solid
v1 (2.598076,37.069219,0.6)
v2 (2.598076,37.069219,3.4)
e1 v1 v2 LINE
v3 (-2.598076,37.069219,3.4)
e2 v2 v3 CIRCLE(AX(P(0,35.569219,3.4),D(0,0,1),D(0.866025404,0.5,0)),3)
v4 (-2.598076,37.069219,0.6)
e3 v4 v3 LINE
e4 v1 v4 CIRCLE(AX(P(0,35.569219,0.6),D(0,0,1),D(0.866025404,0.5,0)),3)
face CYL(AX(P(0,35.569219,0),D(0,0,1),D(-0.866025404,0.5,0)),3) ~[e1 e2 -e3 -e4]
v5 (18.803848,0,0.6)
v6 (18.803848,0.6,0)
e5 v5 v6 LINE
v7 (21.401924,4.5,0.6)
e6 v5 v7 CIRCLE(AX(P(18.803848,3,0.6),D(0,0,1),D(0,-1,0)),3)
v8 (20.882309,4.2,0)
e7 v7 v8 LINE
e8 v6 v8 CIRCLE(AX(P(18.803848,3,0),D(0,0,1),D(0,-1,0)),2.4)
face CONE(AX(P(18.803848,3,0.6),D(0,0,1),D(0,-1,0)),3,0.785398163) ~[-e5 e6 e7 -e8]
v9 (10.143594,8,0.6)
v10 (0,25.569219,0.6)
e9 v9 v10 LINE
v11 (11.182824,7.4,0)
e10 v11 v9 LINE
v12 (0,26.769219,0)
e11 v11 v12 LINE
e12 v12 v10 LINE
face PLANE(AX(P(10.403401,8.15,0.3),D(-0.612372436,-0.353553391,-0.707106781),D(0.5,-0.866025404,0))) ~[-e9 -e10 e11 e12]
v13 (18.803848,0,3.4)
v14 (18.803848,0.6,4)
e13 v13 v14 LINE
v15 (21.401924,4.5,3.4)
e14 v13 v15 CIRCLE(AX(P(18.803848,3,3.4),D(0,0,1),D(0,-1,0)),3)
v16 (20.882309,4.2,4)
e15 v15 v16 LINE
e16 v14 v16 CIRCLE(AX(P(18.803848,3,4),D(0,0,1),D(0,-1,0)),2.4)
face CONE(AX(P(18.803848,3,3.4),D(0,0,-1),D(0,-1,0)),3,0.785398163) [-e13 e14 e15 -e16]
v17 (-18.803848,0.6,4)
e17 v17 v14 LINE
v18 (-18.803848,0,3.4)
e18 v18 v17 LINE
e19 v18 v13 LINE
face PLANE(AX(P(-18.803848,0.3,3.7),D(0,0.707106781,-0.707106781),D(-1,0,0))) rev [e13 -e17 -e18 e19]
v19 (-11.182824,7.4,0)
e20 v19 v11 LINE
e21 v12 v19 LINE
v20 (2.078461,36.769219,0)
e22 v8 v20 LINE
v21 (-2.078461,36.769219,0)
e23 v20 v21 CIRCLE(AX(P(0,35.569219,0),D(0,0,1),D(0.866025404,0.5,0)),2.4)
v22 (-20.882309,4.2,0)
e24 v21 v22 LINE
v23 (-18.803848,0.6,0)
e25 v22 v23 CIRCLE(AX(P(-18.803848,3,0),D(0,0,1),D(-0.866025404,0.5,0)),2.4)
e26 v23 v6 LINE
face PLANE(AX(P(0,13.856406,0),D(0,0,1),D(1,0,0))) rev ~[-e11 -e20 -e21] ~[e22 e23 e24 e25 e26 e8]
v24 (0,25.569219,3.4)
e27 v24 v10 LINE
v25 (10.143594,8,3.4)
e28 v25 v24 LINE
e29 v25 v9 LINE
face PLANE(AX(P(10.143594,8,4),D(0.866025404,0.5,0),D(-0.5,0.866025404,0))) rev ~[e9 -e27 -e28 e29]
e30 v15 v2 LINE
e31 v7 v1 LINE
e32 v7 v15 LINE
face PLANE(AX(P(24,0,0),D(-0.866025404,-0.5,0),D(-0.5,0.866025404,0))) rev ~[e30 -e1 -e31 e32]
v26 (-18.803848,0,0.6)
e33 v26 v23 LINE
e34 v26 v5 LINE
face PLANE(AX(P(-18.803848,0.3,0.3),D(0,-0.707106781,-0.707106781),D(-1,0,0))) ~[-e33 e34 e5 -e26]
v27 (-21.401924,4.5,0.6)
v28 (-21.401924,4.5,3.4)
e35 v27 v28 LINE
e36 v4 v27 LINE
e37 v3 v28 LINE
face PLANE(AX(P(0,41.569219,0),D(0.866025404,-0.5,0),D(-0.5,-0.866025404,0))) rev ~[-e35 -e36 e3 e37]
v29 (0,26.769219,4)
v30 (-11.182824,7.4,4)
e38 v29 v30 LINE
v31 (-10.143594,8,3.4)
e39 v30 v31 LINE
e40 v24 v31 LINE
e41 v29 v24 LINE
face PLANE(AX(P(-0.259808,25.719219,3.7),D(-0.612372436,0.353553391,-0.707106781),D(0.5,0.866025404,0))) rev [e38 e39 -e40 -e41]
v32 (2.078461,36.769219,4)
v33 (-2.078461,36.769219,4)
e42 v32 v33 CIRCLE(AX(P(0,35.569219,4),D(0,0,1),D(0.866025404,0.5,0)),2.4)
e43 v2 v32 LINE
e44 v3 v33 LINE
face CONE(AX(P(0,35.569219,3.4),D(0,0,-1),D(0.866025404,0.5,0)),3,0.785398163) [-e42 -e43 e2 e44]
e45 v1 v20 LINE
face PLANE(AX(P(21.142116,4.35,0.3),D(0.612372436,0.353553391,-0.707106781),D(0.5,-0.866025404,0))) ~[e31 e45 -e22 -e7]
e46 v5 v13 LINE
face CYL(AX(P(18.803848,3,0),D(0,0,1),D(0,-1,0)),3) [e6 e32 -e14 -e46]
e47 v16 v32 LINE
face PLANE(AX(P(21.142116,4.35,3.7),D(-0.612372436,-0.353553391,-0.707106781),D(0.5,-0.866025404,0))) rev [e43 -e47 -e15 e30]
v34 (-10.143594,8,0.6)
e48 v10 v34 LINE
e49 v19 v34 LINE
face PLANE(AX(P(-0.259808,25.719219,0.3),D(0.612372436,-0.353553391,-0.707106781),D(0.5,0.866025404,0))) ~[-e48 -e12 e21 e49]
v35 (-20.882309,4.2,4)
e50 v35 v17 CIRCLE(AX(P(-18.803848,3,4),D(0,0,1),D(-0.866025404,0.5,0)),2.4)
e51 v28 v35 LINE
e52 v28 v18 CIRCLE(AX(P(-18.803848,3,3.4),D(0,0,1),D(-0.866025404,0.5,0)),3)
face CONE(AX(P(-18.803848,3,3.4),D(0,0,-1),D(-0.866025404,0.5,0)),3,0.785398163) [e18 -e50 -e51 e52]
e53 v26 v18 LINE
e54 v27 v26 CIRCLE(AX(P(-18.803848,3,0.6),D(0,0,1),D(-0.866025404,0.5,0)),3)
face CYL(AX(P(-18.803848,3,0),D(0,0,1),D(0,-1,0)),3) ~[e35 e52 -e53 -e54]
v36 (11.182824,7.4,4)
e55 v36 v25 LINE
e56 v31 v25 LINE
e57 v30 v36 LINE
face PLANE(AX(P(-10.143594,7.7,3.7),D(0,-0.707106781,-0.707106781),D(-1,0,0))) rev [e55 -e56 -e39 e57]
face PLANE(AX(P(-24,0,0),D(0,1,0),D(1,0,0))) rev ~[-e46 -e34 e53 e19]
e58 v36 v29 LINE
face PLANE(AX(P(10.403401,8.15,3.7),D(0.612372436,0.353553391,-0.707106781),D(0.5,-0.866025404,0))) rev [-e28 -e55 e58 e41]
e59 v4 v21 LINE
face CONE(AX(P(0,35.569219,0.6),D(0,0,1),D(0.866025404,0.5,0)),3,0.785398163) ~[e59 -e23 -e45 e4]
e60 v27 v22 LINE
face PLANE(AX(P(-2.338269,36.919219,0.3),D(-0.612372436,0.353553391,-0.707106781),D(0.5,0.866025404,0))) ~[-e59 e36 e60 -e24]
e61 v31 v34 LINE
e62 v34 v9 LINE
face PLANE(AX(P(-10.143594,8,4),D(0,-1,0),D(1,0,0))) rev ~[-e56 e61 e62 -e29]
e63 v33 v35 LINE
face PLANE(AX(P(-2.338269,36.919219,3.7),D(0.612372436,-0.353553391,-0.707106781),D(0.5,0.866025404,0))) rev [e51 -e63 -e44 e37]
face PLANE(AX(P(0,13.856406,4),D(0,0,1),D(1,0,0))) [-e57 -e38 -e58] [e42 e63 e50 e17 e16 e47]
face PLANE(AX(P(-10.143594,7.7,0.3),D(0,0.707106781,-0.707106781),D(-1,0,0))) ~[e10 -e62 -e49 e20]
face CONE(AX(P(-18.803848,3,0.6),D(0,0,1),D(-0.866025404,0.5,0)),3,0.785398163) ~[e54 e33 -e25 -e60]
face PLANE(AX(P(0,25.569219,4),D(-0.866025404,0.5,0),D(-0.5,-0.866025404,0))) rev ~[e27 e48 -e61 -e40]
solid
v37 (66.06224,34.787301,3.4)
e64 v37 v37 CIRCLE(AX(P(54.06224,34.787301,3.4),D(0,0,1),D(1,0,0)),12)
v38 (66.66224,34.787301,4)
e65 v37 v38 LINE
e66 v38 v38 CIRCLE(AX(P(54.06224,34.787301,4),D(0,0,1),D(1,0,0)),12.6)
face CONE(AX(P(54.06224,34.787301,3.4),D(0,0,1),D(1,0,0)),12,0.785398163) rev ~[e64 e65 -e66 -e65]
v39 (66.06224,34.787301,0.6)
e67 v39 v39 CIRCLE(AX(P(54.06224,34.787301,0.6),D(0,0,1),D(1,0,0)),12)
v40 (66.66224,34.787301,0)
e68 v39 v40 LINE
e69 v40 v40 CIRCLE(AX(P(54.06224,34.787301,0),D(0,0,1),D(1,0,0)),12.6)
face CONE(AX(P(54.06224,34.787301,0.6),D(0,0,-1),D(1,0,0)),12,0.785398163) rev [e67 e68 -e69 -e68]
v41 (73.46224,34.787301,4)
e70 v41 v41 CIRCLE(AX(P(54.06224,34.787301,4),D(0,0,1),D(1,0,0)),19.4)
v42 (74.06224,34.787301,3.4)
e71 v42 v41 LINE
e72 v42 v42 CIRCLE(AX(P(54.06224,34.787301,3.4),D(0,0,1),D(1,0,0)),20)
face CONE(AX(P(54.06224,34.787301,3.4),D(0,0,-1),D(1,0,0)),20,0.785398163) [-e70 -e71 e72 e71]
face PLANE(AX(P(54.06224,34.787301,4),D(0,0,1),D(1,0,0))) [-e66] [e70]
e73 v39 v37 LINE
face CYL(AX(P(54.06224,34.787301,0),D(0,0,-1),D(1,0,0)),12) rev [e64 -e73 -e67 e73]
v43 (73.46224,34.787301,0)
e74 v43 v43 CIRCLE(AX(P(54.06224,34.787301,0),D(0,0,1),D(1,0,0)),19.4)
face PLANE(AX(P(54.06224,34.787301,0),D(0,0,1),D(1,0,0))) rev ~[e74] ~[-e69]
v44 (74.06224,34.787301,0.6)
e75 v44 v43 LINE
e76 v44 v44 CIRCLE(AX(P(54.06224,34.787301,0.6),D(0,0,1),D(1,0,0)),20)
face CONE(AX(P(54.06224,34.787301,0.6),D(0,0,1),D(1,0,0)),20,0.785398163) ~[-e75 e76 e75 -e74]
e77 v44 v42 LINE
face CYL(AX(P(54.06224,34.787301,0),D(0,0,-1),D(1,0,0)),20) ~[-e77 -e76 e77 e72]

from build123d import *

# Parameters (mm, degrees)
F1_DEPTH = 4
F3_DEPTH = 25
F4_R     = 3
F5_SIZE  = 0.6
F6_R     = 20
F6_R_2   = 12
F7_DEPTH = 4
F8_SIZE  = 0.6


with BuildPart() as f1:
    # F0 (on Top) → F1 (new body)
    with BuildSketch(Plane.XY):
        Polygon((-24, 0), (0, 0), (24, 0), (0, 41.5692193817), align=None)
    extrude(amount=F1_DEPTH)

    # F2 (on face) → F3 (cut)
    with BuildSketch(Plane.XY.offset(4)):
        Polygon((0, 25.5692193817), (-10.1435935394, 8), (10.1435935394, 8), align=None)
    extrude(amount=-F3_DEPTH, mode=Mode.SUBTRACT)

    # F4
    f4_edges = [f1.edges().sort_by_distance(p)[0] for p in [
        (-24, 0, 2),
        (24, 0, 2),
        (0, 41.569219, 2),
    ]]
    fillet(f4_edges, radius=F4_R)

    # F5
    f5_edges = [f1.edges().sort_by_distance(p)[0] for p in [
        (0, 0, 4),
        (21.401924, 1.5, 4),
        (-21.401924, 1.5, 4),
        (12, 20.78461, 4),
        (-12, 20.78461, 4),
        (0, 38.569219, 4),
        (5.071797, 16.78461, 4),
        (-5.071797, 16.78461, 4),
        (0, 8, 4),
        (0, 0, 0),
        (-21.401924, 1.5, 0),
        (21.401924, 1.5, 0),
        (-12, 20.78461, 0),
        (12, 20.78461, 0),
        (0, 38.569219, 0),
        (5.071797, 16.78461, 0),
        (-5.071797, 16.78461, 0),
        (0, 8, 0),
    ]]
    chamfer(f5_edges, length=F5_SIZE)


with BuildPart() as f7:
    # F6 (on Top) → F7 (new body)
    with BuildSketch(Plane.XY):
        with Locations((54.0622398257, 34.7873009741)):
            Circle(F6_R)
        with Locations((54.0622398257, 34.7873009741)):
            Circle(F6_R_2, mode=Mode.SUBTRACT)
    extrude(amount=F7_DEPTH)

    # F8
    f8_edges = [f7.edges().sort_by_distance(p)[0] for p in [
        (34.06224, 34.787301, 4),
        (42.06224, 34.787301, 4),
        (34.06224, 34.787301, 0),
        (42.06224, 34.787301, 0),
    ]]
    chamfer(f8_edges, length=F8_SIZE)


solid = Compound([f1.part, f7.part])
